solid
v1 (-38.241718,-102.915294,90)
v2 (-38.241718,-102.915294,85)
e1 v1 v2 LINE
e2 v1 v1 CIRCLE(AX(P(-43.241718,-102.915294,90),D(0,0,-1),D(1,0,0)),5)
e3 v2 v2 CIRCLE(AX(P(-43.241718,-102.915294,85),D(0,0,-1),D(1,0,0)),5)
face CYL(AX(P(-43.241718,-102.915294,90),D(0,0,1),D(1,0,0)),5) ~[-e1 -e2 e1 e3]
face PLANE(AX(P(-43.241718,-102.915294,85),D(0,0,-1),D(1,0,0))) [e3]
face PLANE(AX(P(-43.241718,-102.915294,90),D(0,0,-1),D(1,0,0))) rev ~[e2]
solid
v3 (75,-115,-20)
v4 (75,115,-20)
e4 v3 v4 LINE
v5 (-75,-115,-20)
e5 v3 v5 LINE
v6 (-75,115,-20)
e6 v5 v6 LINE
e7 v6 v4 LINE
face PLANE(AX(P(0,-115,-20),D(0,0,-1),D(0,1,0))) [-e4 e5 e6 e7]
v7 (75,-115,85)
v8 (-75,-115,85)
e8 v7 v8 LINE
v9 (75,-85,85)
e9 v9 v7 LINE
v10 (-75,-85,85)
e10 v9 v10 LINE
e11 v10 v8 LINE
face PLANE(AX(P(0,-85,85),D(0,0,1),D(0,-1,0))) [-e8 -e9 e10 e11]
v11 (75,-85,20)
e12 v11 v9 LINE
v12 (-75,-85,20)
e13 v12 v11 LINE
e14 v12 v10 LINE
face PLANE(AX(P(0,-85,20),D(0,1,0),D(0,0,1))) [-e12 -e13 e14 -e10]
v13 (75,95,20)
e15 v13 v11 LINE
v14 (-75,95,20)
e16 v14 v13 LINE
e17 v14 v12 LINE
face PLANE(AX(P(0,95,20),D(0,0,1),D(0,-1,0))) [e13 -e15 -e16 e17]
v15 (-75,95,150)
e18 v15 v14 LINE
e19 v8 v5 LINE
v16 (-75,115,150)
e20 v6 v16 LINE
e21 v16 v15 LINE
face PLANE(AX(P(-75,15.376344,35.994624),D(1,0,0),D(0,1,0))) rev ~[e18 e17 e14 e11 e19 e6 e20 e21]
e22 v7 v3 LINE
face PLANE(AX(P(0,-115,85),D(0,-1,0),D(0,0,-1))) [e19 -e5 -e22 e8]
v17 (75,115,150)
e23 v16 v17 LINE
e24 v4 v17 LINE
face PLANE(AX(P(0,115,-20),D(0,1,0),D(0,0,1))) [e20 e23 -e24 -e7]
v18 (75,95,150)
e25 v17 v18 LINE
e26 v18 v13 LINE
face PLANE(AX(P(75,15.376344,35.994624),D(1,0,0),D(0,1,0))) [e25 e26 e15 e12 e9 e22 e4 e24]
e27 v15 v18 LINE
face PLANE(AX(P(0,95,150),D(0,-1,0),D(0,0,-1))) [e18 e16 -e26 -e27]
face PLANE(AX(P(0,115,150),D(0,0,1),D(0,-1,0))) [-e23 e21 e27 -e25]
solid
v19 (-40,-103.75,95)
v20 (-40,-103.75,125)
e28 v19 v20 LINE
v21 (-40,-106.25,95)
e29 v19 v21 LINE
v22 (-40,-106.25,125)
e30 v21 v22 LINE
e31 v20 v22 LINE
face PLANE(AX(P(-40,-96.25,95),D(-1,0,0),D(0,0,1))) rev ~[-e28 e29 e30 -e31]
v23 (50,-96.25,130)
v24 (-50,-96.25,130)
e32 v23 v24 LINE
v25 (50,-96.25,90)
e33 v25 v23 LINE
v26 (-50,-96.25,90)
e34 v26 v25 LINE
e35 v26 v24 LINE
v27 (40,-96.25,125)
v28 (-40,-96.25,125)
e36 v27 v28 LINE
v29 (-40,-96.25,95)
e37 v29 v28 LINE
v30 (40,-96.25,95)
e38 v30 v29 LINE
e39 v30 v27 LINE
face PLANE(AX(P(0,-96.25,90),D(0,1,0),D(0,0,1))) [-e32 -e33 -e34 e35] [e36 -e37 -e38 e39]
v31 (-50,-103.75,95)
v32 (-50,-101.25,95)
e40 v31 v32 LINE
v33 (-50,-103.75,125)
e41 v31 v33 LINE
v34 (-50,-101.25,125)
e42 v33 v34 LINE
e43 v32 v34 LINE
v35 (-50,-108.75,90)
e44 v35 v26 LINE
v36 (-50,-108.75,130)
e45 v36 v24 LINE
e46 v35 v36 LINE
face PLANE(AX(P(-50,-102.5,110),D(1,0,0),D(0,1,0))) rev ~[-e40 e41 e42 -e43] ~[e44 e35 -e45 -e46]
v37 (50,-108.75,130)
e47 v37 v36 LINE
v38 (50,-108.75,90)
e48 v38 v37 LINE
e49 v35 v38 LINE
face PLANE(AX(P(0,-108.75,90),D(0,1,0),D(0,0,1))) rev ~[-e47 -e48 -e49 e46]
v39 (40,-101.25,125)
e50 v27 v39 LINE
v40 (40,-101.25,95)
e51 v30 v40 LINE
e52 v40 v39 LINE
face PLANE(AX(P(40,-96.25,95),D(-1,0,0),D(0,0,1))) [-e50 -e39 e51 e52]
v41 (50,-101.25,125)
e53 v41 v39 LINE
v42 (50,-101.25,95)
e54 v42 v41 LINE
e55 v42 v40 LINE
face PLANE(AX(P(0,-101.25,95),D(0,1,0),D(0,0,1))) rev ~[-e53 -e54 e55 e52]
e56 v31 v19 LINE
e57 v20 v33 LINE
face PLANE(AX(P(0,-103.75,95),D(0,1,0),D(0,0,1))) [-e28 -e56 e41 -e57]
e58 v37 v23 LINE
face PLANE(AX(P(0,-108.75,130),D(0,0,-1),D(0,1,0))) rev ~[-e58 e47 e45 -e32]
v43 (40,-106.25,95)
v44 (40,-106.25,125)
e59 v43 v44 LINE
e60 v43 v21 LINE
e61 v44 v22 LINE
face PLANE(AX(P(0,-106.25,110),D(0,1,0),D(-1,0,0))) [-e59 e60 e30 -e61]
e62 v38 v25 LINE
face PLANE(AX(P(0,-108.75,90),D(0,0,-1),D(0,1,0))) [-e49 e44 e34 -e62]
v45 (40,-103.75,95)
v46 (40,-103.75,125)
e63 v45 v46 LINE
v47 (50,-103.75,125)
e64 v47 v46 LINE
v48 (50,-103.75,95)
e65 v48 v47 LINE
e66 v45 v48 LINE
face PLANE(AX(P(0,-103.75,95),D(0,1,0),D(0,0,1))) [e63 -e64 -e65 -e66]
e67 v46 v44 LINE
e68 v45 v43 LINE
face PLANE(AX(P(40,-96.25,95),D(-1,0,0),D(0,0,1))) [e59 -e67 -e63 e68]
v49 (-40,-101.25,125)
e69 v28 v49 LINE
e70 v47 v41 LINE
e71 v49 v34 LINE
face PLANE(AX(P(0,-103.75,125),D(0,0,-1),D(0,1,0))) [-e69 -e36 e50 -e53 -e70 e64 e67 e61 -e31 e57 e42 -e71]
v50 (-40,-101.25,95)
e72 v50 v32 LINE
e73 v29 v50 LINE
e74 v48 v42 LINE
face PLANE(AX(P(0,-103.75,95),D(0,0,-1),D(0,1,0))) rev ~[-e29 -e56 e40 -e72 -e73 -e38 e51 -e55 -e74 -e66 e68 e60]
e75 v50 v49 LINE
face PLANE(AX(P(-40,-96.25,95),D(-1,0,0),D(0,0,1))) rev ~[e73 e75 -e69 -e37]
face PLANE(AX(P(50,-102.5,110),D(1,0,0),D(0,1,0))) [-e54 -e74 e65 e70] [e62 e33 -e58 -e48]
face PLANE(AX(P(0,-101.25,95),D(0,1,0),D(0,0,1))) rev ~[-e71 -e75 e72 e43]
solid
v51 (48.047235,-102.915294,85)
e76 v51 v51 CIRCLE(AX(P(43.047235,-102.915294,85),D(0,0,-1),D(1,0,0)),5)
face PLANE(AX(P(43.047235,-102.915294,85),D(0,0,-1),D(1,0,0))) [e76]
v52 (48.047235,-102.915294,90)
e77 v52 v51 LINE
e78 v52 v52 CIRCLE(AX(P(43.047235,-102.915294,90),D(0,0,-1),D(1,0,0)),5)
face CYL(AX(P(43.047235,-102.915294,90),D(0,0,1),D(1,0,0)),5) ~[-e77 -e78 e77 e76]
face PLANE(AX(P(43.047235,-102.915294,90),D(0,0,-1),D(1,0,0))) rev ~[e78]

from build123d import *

# Parameters (mm, degrees)
F1_DEPTH = 75
F2_W     = 12.5
F2_H     = 40
F2_W_2   = 2.5
F2_H_2   = 30
F3_DEPTH = 50
F4_W     = 80
F4_H     = 30
F5_DEPTH = 10
F6_R     = 5
F7_DEPTH = 5


with BuildPart() as f1:
    # F0 (on Right) → F1 (new body, symmetric)
    with BuildSketch(Plane.YZ):
        Polygon((-115, 20), (-115, -20), (115, -20), (115, 20), (115, 150), (95, 150), (95, 20), (-85, 20), (-85, 85), (-115, 85), align=None)
    extrude(amount=F1_DEPTH, both=True)


with BuildPart() as f3:
    # F2 (on Right) → F3 (new body, symmetric)
    with BuildSketch(Plane.YZ):
        with Locations((-102.5, 110)):
            Rectangle(F2_W, F2_H)
        with Locations((-102.5, 110)):
            Rectangle(F2_W_2, F2_H_2, mode=Mode.SUBTRACT)
    extrude(amount=F3_DEPTH, both=True)

    # F4 (on face) → F5 (cut)
    with BuildSketch(Plane(origin=(0, -96.25, 0), x_dir=(-1, 0, 0), z_dir=(0, 1, 0))):
        with Locations((0, 110)):
            Rectangle(F4_W, F4_H)
    extrude(amount=-F5_DEPTH, mode=Mode.SUBTRACT)


with BuildPart() as f7:
    # F6 (on face) → F7 (new body, through all)
    with BuildSketch(Plane(origin=(0, 0, 90), x_dir=(1, 0, 0), z_dir=(0, 0, -1))):
        with Locations((43.047235, 102.915294)):
            Circle(F6_R)
        with Locations((-43.241718, 102.915294)):
            Circle(F6_R)
    extrude(amount=F7_DEPTH)


solid = Compound([f1.part, f3.part, f7.part])
